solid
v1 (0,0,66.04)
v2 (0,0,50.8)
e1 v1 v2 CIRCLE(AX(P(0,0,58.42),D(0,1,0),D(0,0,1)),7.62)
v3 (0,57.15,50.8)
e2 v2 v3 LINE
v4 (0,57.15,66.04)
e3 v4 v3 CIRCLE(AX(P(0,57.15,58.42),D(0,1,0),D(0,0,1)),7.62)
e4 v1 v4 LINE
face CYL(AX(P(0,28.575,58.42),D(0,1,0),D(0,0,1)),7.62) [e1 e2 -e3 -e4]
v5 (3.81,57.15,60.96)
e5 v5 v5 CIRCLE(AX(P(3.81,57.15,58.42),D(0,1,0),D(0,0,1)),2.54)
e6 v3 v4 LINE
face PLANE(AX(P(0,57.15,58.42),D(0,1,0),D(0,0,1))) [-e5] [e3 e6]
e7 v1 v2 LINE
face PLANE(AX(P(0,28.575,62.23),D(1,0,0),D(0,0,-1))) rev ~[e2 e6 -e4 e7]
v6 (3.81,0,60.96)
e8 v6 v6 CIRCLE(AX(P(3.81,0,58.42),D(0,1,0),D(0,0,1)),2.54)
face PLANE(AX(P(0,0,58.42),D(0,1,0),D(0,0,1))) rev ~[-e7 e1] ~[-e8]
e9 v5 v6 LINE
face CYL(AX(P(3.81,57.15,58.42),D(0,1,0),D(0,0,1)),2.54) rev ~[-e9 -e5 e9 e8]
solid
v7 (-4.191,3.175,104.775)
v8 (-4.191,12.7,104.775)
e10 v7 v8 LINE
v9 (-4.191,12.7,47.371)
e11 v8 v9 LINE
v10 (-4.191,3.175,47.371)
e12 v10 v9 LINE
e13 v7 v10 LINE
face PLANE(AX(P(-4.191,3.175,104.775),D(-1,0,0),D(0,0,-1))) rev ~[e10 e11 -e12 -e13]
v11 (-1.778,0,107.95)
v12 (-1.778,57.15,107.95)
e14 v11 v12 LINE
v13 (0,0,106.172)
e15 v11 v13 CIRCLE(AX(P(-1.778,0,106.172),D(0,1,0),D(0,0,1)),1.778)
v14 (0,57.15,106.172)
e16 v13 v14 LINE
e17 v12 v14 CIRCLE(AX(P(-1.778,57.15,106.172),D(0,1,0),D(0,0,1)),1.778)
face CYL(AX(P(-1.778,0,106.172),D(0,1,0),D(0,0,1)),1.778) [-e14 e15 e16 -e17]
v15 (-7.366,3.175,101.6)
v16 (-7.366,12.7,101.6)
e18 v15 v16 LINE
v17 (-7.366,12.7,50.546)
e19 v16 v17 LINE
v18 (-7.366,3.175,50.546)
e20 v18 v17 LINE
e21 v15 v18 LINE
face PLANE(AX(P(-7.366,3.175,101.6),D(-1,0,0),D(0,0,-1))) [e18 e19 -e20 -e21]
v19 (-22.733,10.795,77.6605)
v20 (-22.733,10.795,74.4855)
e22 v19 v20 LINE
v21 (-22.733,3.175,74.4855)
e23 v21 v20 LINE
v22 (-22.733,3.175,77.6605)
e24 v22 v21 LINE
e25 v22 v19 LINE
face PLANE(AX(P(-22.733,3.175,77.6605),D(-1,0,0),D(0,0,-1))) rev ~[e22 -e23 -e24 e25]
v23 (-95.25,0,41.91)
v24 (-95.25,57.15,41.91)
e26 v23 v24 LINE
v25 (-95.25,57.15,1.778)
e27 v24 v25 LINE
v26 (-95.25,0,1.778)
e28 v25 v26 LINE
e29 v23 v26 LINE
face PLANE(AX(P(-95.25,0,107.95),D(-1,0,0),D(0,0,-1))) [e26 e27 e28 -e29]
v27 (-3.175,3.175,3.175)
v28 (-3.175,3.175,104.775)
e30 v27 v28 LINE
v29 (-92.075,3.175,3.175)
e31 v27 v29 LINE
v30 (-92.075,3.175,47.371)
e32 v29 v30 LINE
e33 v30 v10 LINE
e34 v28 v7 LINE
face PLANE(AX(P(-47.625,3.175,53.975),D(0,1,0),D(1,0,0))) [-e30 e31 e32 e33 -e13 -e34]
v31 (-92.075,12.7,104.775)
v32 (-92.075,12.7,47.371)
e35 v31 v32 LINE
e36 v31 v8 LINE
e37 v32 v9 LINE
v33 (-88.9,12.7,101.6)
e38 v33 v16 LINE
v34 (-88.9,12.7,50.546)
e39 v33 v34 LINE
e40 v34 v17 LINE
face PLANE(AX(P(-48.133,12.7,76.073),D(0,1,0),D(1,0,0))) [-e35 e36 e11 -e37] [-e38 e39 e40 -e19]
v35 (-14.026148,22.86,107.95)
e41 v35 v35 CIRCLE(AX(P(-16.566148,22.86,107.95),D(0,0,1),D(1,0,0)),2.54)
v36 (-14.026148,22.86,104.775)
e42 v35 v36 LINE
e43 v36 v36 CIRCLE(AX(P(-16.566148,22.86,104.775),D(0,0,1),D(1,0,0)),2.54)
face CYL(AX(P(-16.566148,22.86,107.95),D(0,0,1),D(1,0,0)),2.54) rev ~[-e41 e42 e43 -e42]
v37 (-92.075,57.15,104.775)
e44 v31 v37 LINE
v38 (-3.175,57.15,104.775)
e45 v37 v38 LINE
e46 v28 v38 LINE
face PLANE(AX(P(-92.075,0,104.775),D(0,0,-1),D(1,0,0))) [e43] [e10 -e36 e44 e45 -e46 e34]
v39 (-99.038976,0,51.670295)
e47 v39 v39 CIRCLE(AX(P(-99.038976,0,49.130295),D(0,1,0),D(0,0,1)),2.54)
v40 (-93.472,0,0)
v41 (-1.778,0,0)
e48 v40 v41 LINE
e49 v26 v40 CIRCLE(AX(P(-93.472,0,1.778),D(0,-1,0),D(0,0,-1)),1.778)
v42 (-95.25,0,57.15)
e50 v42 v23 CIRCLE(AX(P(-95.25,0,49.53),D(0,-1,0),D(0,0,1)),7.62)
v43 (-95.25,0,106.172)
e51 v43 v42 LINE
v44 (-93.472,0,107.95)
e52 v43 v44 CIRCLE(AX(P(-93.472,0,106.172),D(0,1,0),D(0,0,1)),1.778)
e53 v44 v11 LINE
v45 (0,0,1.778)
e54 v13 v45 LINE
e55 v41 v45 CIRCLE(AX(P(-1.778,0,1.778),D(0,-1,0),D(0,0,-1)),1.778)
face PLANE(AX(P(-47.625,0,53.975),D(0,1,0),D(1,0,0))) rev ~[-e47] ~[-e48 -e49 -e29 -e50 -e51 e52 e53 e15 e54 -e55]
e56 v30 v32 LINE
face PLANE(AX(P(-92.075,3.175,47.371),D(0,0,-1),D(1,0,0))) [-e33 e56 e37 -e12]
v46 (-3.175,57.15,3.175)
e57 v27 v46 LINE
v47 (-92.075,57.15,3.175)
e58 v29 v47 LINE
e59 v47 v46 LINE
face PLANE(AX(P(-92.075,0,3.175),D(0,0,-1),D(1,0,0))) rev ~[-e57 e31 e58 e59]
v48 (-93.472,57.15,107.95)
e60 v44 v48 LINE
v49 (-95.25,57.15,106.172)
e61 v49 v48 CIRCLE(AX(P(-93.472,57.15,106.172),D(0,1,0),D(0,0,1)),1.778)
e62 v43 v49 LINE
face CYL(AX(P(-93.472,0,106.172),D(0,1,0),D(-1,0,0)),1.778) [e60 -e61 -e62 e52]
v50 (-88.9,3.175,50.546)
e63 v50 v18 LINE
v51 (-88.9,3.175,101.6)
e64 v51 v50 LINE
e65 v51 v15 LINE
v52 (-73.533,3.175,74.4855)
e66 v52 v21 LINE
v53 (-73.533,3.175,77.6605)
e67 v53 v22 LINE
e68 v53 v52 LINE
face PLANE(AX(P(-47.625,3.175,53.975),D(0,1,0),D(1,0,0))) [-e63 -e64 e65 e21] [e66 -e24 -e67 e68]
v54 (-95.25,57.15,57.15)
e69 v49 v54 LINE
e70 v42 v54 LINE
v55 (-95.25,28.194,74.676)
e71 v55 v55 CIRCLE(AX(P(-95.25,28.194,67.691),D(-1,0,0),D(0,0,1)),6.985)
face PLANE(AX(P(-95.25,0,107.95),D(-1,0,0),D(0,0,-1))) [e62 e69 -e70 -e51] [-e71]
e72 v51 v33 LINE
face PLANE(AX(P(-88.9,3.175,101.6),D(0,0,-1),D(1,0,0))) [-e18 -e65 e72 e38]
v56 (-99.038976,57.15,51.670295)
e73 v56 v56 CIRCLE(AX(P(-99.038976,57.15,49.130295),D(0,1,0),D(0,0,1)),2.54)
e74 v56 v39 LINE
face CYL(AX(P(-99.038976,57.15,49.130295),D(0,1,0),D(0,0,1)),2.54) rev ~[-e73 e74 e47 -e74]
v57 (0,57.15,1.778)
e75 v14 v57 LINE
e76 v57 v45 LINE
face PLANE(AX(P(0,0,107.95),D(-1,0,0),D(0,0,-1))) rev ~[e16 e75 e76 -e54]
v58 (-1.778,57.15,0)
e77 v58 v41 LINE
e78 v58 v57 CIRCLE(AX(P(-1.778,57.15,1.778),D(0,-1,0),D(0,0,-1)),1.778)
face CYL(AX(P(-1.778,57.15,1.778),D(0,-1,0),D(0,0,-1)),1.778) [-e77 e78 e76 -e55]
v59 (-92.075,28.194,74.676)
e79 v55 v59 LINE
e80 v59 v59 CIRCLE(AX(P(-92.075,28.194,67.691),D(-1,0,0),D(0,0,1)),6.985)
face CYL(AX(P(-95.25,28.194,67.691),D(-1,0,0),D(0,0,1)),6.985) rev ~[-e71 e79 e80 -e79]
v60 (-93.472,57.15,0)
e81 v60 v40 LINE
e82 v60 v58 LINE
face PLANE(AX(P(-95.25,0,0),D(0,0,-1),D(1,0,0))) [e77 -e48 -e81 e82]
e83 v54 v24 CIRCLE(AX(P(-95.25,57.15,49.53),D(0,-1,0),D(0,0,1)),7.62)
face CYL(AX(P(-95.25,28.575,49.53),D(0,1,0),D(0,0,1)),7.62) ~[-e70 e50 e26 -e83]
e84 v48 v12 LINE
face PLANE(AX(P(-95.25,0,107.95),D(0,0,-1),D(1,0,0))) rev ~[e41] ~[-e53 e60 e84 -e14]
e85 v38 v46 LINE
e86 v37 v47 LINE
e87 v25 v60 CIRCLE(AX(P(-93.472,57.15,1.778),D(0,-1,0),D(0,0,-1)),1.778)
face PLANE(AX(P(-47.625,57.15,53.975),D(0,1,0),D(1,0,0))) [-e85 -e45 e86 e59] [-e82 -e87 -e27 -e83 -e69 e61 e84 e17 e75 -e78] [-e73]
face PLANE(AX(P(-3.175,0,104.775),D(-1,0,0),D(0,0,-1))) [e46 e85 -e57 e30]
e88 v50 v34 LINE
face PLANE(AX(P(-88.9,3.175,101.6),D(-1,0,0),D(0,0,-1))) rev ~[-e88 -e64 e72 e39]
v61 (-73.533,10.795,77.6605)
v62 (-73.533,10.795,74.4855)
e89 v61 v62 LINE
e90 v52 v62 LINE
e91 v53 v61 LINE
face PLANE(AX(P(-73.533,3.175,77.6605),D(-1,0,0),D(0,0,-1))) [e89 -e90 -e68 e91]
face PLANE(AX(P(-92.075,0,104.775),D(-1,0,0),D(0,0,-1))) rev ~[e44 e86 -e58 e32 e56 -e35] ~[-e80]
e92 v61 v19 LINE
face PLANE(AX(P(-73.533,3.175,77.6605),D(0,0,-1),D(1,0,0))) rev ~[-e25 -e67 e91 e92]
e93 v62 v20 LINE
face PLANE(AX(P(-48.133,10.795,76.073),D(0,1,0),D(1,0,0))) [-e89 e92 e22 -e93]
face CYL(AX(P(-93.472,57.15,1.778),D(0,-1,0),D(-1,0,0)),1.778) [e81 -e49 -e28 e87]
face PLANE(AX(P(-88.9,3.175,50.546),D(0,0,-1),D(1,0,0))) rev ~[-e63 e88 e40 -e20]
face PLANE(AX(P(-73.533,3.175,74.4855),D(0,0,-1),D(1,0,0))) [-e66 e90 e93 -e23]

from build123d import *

# Parameters (mm, degrees)
SKETCH1_W           = 95.25
SKETCH1_H           = 107.95
BOSS_EXTRUDE1_DEPTH = 3.175
SKETCH1_3_W         = 95.25
SKETCH1_3_H         = 107.95
SKETCH1_3_W_2       = 88.9
SKETCH1_3_H_2       = 101.6
BOSS_EXTRUDE2_DEPTH = 57.15
SKETCH3_R           = 2.54
CUT_EXTRUDE1_DEPTH  = 12.7
FILLET1_R           = 1.778
SKETCH5_W           = 7.62
SKETCH5_H           = 57.15
REVOLVE1_ANGLE      = 180
SKETCH6_W           = 7.62
SKETCH6_H           = 57.15
REVOLVE2_ANGLE      = 180
SKETCH7_R           = 2.54
CUT_EXTRUDE2_DEPTH  = 160.69208465
SKETCH9_R           = 2.54
CUT_EXTRUDE3_DEPTH  = 160.69208465
SKETCH10_W          = 87.884
SKETCH10_H          = 57.404
SKETCH10_W_2        = 81.534
SKETCH10_H_2        = 51.054
BOSS_EXTRUDE3_DEPTH = 9.525
SKETCH11_W          = 50.8
SKETCH11_H          = 3.175
BOSS_EXTRUDE4_DEPTH = 7.62
SKETCH12_R          = 6.985
CUT_EXTRUDE4_DEPTH  = 7.62


with BuildPart() as part:
    # Sketch1 → Boss-Extrude1 (new body)
    with BuildSketch(Plane(origin=(0, 0, 0), x_dir=(1, 0, 0), z_dir=(0, 1, 0))):
        with Locations((-47.625, -53.975)):
            Rectangle(SKETCH1_W, SKETCH1_H)
    extrude(amount=BOSS_EXTRUDE1_DEPTH)

    # Sketch1<3> → Boss-Extrude2 (add)
    with BuildSketch(Plane(origin=(0, 0, 0), x_dir=(1, 0, 0), z_dir=(0, 1, 0))):
        with Locations((-47.625, -53.975)):
            Rectangle(SKETCH1_3_W, SKETCH1_3_H)
        with Locations((-47.625, -53.975)):
            Rectangle(SKETCH1_3_W_2, SKETCH1_3_H_2, mode=Mode.SUBTRACT)
    extrude(amount=BOSS_EXTRUDE2_DEPTH)

    # Sketch3 → Cut-Extrude1 (cut)
    with BuildSketch(Plane.XY.offset(107.95)):
        with Locations((-16.566148484, 22.86)):
            Circle(SKETCH3_R)
    extrude(amount=-CUT_EXTRUDE1_DEPTH, mode=Mode.SUBTRACT)

    # Fillet1
    fillet1_edges = [part.edges().sort_by_distance(p)[0] for p in [
        (-95.25, 28.575, 0),
        (0, 28.575, 0),
        (0, 28.575, 107.95),
        (-95.25, 28.575, 107.95),
    ]]
    fillet(fillet1_edges, radius=FILLET1_R)

    # Sketch6 → Revolve2 (revolve)
    with BuildSketch(Plane.ZY.offset(95.25)):
        with Locations((53.34, 28.575)):
            Rectangle(SKETCH6_W, SKETCH6_H)
    revolve(axis=Axis((-95.25, 57.15, 49.53), (0, -1, 0)), revolution_arc=REVOLVE2_ANGLE)

    # Sketch7 → Cut-Extrude2 (cut, through all)
    with BuildSketch(Plane(origin=(0, 57.15, 0), x_dir=(1, 0, 0), z_dir=(0, 1, 0))):
        with Locations((-99.038975602, -49.13029525)):
            Circle(SKETCH7_R)
    extrude(amount=-CUT_EXTRUDE2_DEPTH, mode=Mode.SUBTRACT)

    # Sketch10 → Boss-Extrude3 (add)
    with BuildSketch(Plane(origin=(0, 3.175, 0), x_dir=(1, 0, 0), z_dir=(0, 1, 0))):
        with Locations((-48.133, -76.073)):
            Rectangle(SKETCH10_W, SKETCH10_H)
        with Locations((-48.133, -76.073)):
            Rectangle(SKETCH10_W_2, SKETCH10_H_2, mode=Mode.SUBTRACT)
    extrude(amount=BOSS_EXTRUDE3_DEPTH)

    # Sketch11 → Boss-Extrude4 (add)
    with BuildSketch(Plane(origin=(0, 3.175, 0), x_dir=(1, 0, 0), z_dir=(0, 1, 0))):
        with Locations((-48.133, -76.073)):
            Rectangle(SKETCH11_W, SKETCH11_H)
    extrude(amount=BOSS_EXTRUDE4_DEPTH)

    # Sketch12 → Cut-Extrude4 (cut)
    with BuildSketch(Plane.ZY.offset(95.25)):
        with Locations((67.691, 28.194)):
            Circle(SKETCH12_R)
    extrude(amount=-CUT_EXTRUDE4_DEPTH, mode=Mode.SUBTRACT)


with BuildPart() as body_2:
    # Sketch5 → Revolve1 (revolve)
    with BuildSketch(Plane(origin=(0, 0, 0), x_dir=(0, 0, -1), z_dir=(1, 0, 0))):
        with Locations((-62.23, 28.575)):
            Rectangle(SKETCH5_W, SKETCH5_H)
    revolve(axis=Axis((0, 57.15, 58.42), (0, 1, 0)), revolution_arc=REVOLVE1_ANGLE)

    # Sketch9 → Cut-Extrude3 (cut, through all)
    with BuildSketch(Plane(origin=(0, 57.15, 0), x_dir=(1, 0, 0), z_dir=(0, 1, 0))):
        with Locations((3.81, -58.42)):
            Circle(SKETCH9_R)
    extrude(amount=-CUT_EXTRUDE3_DEPTH, mode=Mode.SUBTRACT)


solid = Compound([part.part, body_2.part])
